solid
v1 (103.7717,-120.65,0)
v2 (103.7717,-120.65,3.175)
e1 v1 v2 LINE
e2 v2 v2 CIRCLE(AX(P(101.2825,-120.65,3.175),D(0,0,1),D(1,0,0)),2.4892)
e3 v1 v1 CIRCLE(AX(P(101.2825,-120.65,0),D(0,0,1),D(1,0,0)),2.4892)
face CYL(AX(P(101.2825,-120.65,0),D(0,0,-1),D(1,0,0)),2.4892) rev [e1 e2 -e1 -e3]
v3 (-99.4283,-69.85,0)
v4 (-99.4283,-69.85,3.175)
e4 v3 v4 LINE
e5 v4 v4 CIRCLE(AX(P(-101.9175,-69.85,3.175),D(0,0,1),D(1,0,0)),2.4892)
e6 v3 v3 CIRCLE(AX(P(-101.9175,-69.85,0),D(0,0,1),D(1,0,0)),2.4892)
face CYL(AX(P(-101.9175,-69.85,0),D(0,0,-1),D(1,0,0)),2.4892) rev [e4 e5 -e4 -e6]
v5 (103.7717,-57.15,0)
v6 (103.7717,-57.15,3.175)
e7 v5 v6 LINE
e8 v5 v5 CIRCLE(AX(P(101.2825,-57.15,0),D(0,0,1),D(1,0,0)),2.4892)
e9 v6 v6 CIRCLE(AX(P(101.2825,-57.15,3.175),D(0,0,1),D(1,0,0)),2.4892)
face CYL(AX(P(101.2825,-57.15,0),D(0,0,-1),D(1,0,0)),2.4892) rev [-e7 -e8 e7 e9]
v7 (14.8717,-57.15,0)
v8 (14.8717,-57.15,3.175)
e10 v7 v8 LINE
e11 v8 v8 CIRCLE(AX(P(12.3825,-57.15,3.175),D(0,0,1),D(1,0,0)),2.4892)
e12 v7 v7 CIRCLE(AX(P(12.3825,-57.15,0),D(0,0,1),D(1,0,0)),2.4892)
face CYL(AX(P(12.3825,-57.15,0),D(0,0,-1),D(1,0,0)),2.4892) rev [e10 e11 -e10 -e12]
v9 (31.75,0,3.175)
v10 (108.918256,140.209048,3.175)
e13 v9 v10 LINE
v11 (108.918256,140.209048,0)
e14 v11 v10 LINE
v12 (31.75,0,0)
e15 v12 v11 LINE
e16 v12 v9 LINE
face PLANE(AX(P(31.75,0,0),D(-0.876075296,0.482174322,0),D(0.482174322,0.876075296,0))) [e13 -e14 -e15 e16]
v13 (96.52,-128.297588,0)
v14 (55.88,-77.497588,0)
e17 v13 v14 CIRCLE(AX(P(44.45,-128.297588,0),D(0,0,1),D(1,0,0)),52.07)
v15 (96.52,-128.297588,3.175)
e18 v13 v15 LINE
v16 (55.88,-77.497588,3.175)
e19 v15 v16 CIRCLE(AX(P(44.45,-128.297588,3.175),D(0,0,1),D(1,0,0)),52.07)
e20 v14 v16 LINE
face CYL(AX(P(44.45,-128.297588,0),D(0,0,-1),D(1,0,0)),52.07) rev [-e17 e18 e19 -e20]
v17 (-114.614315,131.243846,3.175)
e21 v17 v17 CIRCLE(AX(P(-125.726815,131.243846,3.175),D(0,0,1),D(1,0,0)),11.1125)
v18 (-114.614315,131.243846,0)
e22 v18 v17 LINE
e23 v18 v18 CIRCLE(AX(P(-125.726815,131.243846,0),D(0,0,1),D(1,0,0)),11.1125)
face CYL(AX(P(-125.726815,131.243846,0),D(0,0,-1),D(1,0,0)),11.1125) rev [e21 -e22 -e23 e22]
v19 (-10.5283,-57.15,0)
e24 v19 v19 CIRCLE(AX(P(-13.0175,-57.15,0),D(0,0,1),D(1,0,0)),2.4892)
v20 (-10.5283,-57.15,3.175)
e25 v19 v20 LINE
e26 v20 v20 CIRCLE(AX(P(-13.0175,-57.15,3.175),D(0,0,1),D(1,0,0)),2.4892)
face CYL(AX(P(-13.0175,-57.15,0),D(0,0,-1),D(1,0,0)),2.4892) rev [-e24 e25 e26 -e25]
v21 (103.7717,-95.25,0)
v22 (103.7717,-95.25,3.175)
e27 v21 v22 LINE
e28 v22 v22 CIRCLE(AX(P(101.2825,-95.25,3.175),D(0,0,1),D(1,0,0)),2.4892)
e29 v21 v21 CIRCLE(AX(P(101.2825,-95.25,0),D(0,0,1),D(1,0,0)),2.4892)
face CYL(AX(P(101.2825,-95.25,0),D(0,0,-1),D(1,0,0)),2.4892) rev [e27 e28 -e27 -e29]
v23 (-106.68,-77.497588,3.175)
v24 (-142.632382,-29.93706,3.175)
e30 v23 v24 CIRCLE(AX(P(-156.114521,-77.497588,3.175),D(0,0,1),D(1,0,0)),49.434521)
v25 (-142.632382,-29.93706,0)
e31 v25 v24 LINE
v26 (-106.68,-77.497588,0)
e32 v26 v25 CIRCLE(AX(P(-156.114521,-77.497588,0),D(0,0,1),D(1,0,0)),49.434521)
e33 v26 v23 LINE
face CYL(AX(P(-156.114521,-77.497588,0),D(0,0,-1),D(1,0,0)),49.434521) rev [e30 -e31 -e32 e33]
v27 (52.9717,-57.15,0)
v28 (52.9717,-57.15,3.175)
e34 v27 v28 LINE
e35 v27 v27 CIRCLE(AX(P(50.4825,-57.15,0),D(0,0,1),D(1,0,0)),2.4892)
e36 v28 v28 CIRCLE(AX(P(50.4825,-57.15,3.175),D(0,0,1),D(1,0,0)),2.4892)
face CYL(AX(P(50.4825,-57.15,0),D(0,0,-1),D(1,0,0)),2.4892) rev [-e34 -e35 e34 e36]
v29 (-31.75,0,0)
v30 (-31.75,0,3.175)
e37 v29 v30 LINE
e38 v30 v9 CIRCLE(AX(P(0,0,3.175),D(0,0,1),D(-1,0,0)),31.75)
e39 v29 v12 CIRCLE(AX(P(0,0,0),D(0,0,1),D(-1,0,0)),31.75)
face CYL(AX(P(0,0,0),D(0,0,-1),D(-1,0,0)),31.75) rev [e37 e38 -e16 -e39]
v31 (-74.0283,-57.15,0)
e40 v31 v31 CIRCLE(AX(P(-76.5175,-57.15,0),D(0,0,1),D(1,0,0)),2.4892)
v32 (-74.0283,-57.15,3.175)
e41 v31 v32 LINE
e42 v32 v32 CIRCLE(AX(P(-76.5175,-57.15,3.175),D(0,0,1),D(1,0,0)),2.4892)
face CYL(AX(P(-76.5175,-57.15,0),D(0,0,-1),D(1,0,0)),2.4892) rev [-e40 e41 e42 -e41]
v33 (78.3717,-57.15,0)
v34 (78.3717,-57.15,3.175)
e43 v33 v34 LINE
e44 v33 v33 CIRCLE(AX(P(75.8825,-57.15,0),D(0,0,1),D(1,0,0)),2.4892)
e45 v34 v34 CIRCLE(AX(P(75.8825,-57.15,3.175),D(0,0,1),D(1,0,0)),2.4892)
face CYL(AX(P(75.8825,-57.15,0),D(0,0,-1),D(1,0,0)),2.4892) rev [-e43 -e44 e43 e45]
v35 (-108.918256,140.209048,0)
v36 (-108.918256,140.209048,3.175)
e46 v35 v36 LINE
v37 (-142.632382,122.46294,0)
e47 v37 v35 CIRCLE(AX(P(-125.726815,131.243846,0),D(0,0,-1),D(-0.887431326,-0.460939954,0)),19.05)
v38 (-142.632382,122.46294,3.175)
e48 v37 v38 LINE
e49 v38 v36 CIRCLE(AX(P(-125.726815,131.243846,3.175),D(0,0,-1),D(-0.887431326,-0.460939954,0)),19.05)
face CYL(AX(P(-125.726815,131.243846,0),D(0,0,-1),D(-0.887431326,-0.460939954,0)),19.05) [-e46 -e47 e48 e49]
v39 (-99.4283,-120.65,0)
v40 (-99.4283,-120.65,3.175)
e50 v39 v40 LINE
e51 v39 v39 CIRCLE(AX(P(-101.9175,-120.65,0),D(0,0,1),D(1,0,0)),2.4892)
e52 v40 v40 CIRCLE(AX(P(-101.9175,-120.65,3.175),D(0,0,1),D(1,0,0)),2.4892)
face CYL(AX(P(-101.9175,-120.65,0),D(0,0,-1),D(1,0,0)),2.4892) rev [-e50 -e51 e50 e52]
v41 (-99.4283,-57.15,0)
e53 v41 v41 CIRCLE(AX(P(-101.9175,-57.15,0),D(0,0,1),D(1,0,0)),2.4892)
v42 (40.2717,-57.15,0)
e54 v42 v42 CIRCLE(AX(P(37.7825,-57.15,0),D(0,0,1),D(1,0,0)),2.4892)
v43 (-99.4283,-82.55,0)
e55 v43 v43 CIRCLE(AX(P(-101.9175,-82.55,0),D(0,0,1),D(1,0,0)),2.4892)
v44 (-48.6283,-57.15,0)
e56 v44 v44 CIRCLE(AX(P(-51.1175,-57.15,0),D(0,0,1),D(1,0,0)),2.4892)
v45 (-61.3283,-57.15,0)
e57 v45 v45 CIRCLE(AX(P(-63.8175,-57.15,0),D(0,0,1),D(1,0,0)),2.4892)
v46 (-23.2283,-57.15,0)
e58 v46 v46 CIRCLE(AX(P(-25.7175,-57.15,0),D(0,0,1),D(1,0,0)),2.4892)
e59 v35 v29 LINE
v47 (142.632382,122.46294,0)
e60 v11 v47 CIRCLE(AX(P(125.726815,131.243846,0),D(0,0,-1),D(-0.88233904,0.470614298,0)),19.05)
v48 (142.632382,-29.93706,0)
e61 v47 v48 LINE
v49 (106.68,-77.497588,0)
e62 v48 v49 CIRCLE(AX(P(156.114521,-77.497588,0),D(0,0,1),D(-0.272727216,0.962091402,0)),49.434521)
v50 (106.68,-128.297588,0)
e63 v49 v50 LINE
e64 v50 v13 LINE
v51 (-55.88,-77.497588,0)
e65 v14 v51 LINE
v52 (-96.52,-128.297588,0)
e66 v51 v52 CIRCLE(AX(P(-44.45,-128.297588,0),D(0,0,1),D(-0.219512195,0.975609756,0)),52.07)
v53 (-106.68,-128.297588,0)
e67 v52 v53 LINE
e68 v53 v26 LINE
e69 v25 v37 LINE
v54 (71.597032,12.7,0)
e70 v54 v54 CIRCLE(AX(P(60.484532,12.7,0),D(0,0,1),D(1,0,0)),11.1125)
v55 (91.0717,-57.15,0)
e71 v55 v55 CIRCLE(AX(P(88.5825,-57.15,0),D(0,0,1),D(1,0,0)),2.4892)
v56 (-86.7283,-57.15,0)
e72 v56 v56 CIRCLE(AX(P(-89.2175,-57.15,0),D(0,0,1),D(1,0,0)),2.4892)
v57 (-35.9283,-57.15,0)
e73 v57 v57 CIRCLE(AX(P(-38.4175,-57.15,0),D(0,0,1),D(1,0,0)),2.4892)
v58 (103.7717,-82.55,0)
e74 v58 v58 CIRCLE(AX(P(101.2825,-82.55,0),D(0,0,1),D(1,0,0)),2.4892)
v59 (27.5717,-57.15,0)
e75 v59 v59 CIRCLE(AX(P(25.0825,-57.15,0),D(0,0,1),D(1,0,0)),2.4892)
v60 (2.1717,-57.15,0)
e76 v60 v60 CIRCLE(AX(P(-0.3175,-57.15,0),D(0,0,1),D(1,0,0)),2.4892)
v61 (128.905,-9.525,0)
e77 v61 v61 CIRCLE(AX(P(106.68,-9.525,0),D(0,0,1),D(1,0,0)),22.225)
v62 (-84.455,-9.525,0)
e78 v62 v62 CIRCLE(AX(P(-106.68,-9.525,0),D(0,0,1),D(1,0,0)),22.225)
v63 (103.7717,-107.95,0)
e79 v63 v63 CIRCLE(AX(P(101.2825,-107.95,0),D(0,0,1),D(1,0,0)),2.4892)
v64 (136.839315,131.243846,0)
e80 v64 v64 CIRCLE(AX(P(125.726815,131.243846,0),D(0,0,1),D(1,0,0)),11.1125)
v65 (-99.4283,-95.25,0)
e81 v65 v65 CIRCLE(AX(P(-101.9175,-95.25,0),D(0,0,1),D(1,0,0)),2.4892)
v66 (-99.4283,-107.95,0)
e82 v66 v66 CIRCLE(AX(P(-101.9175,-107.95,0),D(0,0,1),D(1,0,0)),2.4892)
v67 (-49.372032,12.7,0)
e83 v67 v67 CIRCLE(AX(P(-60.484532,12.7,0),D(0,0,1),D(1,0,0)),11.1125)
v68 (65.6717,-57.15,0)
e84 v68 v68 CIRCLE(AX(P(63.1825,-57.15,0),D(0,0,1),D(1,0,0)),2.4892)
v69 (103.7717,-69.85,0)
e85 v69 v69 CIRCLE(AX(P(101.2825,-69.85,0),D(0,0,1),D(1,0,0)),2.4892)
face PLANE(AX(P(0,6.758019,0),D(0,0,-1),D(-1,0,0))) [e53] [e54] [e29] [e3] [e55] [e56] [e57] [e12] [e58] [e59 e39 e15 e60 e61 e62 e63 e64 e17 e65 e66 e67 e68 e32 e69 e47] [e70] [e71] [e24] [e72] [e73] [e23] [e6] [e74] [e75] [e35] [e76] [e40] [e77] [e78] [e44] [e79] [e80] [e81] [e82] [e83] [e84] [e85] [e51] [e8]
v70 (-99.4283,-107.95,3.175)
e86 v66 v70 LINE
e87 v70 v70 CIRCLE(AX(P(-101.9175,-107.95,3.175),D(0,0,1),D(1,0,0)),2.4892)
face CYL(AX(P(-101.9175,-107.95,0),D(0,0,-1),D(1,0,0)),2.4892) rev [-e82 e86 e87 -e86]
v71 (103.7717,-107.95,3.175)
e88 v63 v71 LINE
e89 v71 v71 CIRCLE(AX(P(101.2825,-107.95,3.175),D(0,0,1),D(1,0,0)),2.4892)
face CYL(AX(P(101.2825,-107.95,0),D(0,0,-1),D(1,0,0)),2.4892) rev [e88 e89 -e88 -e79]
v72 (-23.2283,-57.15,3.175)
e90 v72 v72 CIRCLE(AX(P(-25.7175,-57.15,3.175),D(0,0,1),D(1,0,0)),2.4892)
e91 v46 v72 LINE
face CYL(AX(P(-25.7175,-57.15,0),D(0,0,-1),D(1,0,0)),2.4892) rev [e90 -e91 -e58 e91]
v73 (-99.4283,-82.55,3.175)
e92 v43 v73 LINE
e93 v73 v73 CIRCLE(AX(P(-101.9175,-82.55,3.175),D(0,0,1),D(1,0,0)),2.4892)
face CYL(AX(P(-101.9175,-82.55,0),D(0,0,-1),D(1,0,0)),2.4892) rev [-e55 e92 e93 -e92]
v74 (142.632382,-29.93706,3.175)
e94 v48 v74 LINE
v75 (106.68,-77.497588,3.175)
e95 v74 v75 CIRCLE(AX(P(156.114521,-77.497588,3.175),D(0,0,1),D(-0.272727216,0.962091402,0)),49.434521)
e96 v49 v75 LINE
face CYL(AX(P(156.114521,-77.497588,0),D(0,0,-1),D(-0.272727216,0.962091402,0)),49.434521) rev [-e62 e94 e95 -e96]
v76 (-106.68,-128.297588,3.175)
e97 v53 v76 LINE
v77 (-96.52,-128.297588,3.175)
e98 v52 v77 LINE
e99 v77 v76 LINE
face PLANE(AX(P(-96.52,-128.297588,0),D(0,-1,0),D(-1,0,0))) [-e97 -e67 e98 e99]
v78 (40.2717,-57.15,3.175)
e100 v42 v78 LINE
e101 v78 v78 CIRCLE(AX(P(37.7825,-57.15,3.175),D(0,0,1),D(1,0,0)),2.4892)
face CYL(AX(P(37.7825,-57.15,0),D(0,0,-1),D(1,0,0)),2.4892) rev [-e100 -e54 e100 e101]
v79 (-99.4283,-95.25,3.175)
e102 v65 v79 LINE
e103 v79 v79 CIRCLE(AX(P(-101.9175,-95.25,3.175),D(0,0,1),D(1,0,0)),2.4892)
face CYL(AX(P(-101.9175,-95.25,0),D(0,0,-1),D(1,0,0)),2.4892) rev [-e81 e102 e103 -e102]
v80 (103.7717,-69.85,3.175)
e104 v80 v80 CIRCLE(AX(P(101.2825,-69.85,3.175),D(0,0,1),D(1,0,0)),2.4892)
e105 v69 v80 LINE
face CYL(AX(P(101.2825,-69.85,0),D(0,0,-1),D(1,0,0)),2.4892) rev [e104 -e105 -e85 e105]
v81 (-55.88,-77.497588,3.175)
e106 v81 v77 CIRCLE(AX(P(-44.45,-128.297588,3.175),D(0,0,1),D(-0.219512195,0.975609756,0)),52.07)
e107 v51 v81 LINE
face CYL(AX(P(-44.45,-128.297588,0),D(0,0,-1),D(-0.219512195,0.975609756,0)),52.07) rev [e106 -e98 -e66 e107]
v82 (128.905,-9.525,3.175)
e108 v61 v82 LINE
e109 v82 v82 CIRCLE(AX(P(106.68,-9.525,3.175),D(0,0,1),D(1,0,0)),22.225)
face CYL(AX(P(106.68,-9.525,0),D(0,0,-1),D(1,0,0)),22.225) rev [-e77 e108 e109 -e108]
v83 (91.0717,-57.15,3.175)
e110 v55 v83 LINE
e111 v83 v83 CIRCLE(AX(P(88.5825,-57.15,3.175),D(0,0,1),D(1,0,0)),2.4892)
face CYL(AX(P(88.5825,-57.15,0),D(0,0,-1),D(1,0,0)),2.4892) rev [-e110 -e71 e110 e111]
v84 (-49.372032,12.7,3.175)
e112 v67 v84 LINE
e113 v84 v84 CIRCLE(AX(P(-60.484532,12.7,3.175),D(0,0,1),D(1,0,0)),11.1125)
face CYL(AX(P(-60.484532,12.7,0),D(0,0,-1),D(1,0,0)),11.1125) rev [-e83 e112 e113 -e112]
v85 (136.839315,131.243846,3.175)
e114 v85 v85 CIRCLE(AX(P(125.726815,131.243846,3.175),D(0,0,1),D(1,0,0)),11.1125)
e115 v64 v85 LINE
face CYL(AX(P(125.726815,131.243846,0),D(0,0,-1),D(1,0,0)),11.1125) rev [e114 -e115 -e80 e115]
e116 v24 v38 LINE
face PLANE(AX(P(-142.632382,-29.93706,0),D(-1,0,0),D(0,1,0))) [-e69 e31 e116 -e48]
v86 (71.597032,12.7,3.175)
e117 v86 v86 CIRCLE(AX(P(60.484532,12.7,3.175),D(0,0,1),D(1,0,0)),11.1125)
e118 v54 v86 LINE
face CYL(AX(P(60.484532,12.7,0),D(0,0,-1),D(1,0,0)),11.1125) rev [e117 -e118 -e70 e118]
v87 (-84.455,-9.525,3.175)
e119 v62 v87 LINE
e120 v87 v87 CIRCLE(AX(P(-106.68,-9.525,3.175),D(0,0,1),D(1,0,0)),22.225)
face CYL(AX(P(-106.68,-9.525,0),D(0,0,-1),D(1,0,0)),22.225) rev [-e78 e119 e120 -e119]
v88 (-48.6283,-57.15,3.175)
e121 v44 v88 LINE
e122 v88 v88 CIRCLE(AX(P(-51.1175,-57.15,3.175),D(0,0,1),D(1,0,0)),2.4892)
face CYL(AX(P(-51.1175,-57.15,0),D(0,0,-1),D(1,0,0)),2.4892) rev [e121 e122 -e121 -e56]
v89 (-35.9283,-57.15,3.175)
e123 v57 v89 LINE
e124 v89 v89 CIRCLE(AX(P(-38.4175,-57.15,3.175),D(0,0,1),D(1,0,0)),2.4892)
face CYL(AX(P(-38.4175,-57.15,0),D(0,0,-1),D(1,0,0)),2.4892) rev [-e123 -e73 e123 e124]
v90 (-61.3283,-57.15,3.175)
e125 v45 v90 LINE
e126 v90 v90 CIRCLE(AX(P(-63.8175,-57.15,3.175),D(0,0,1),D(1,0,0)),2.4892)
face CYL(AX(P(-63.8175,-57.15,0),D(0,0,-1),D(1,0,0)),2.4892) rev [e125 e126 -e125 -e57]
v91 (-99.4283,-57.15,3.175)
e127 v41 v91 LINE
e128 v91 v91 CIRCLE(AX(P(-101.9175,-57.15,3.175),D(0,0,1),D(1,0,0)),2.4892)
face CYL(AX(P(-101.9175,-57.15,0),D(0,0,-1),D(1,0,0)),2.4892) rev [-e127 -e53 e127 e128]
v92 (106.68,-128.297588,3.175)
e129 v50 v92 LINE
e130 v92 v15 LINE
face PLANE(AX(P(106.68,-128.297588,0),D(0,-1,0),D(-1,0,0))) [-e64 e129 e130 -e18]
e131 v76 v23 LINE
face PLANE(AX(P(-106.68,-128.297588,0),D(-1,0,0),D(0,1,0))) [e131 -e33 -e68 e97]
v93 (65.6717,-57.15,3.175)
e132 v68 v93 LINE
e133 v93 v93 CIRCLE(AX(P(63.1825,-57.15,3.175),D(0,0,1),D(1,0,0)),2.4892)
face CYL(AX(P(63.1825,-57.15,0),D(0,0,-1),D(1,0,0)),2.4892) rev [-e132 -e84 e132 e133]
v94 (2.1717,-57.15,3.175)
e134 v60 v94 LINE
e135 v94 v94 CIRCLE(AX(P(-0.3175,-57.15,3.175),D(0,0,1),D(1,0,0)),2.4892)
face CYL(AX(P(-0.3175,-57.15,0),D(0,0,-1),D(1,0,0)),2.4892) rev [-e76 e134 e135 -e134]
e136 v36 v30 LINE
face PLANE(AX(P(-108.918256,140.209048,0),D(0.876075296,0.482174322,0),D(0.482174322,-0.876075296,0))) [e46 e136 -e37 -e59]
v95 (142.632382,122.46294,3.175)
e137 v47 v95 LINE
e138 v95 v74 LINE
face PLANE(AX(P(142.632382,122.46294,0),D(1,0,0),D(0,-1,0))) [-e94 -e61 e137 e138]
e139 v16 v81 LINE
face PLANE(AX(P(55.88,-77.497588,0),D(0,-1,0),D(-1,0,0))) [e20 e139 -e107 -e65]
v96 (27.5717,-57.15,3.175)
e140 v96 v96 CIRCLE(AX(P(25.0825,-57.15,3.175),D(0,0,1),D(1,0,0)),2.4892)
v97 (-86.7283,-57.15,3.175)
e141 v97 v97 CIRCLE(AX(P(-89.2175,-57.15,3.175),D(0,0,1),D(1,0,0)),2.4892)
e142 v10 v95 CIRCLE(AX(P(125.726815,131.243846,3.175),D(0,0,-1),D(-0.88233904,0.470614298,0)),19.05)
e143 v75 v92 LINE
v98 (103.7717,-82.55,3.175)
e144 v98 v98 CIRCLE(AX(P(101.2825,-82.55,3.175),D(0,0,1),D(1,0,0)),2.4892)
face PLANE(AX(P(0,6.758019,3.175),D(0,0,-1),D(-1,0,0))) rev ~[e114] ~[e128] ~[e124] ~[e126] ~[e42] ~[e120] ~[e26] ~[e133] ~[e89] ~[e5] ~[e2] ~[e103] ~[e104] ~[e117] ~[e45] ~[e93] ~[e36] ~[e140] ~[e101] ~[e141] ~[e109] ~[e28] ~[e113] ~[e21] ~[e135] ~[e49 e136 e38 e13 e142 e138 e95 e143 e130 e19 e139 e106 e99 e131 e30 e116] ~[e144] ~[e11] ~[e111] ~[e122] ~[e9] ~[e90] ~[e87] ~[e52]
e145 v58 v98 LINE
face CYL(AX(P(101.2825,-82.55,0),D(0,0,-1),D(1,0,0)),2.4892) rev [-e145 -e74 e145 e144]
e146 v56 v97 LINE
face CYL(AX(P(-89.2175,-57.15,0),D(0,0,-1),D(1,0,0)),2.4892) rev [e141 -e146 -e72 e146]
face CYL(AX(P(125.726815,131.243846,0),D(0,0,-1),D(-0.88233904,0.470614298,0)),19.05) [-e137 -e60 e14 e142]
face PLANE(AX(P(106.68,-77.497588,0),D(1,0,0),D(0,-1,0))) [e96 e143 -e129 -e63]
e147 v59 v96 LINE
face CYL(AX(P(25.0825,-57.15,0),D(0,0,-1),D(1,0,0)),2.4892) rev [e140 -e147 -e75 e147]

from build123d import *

# Parameters (mm, degrees)
SKETCH2_R           = 11.1125
SKETCH2_R_2         = 2.4892
SKETCH2_R_3         = 22.225
BOSS_EXTRUDE1_DEPTH = 3.175


with BuildPart() as part:
    # Sketch2 → Boss-Extrude1 (new body)
    with BuildSketch(Plane.XY):
        with BuildLine():
            Line((142.632381685, 122.462939957), (142.632381685, -29.937060043))
            ThreePointArc((142.632381685, -29.937060043), (116.6794163, -47.687448689), (106.68, -77.497587619))
            Line((106.68, -77.497587619), (106.68, -128.297587619))
            Line((106.68, -128.297587619), (96.52, -128.297587619))
            ThreePointArc((96.52, -128.297587619), (85.109838908, -95.769716492), (55.88, -77.497587619))
            Line((55.88, -77.497587619), (-55.88, -77.497587619))
            ThreePointArc((-55.88, -77.497587619), (-85.109838908, -95.769716492), (-96.52, -128.297587619))
            Line((-96.52, -128.297587619), (-106.68, -128.297587619))
            Line((-106.68, -128.297587619), (-106.68, -77.497587619))
            ThreePointArc((-106.68, -77.497587619), (-116.6794163, -47.687448689), (-142.632381685, -29.937060043))
            Line((-142.632381685, -29.937060043), (-142.632381685, 122.462939957))
            ThreePointArc((-142.632381685, 122.462939957), (-134.600001748, 148.101160684), (-108.918256202, 140.209048469))
            Line((-108.918256202, 140.209048469), (-31.75, 0))
            ThreePointArc((-31.75, 0), (0, -31.75), (31.75, 0))
            Line((31.75, 0), (108.918256202, 140.209048468))
            ThreePointArc((108.918256202, 140.209048468), (134.600001748, 148.101160684), (142.632381685, 122.462939957))
        make_face()
        with Locations((-60.484532313, 12.7)):
            Circle(SKETCH2_R, mode=Mode.SUBTRACT)
        with Locations((-125.726814921, 131.243846084)):
            Circle(SKETCH2_R, mode=Mode.SUBTRACT)
        with Locations((125.726814921, 131.243846084)):
            Circle(SKETCH2_R, mode=Mode.SUBTRACT)
        with Locations((-101.9175, -57.15)):
            Circle(SKETCH2_R_2, mode=Mode.SUBTRACT)
        with Locations((60.484532313, 12.7)):
            Circle(SKETCH2_R, mode=Mode.SUBTRACT)
        with Locations((-89.2175, -57.15)):
            Circle(SKETCH2_R_2, mode=Mode.SUBTRACT)
        with Locations((-76.5175, -57.15)):
            Circle(SKETCH2_R_2, mode=Mode.SUBTRACT)
        with Locations((-63.8175, -57.15)):
            Circle(SKETCH2_R_2, mode=Mode.SUBTRACT)
        with Locations((-51.1175, -57.15)):
            Circle(SKETCH2_R_2, mode=Mode.SUBTRACT)
        with Locations((-38.4175, -57.15)):
            Circle(SKETCH2_R_2, mode=Mode.SUBTRACT)
        with Locations((-25.7175, -57.15)):
            Circle(SKETCH2_R_2, mode=Mode.SUBTRACT)
        with Locations((-13.0175, -57.15)):
            Circle(SKETCH2_R_2, mode=Mode.SUBTRACT)
        with Locations((-0.3175, -57.15)):
            Circle(SKETCH2_R_2, mode=Mode.SUBTRACT)
        with Locations((12.3825, -57.15)):
            Circle(SKETCH2_R_2, mode=Mode.SUBTRACT)
        with Locations((25.0825, -57.15)):
            Circle(SKETCH2_R_2, mode=Mode.SUBTRACT)
        with Locations((37.7825, -57.15)):
            Circle(SKETCH2_R_2, mode=Mode.SUBTRACT)
        with Locations((50.4825, -57.15)):
            Circle(SKETCH2_R_2, mode=Mode.SUBTRACT)
        with Locations((63.1825, -57.15)):
            Circle(SKETCH2_R_2, mode=Mode.SUBTRACT)
        with Locations((75.8825, -57.15)):
            Circle(SKETCH2_R_2, mode=Mode.SUBTRACT)
        with Locations((88.5825, -57.15)):
            Circle(SKETCH2_R_2, mode=Mode.SUBTRACT)
        with Locations((101.2825, -57.15)):
            Circle(SKETCH2_R_2, mode=Mode.SUBTRACT)
        with Locations((-101.9175, -69.85)):
            Circle(SKETCH2_R_2, mode=Mode.SUBTRACT)
        with Locations((-101.9175, -82.55)):
            Circle(SKETCH2_R_2, mode=Mode.SUBTRACT)
        with Locations((-101.9175, -95.25)):
            Circle(SKETCH2_R_2, mode=Mode.SUBTRACT)
        with Locations((-101.9175, -107.95)):
            Circle(SKETCH2_R_2, mode=Mode.SUBTRACT)
        with Locations((-101.9175, -120.65)):
            Circle(SKETCH2_R_2, mode=Mode.SUBTRACT)
        with Locations((101.2825, -69.85)):
            Circle(SKETCH2_R_2, mode=Mode.SUBTRACT)
        with Locations((101.2825, -82.55)):
            Circle(SKETCH2_R_2, mode=Mode.SUBTRACT)
        with Locations((101.2825, -95.25)):
            Circle(SKETCH2_R_2, mode=Mode.SUBTRACT)
        with Locations((101.2825, -107.95)):
            Circle(SKETCH2_R_2, mode=Mode.SUBTRACT)
        with Locations((101.2825, -120.65)):
            Circle(SKETCH2_R_2, mode=Mode.SUBTRACT)
        with Locations((-106.68, -9.525)):
            Circle(SKETCH2_R_3, mode=Mode.SUBTRACT)
        with Locations((106.68, -9.525)):
            Circle(SKETCH2_R_3, mode=Mode.SUBTRACT)
    extrude(amount=BOSS_EXTRUDE1_DEPTH)


solid = part.part
